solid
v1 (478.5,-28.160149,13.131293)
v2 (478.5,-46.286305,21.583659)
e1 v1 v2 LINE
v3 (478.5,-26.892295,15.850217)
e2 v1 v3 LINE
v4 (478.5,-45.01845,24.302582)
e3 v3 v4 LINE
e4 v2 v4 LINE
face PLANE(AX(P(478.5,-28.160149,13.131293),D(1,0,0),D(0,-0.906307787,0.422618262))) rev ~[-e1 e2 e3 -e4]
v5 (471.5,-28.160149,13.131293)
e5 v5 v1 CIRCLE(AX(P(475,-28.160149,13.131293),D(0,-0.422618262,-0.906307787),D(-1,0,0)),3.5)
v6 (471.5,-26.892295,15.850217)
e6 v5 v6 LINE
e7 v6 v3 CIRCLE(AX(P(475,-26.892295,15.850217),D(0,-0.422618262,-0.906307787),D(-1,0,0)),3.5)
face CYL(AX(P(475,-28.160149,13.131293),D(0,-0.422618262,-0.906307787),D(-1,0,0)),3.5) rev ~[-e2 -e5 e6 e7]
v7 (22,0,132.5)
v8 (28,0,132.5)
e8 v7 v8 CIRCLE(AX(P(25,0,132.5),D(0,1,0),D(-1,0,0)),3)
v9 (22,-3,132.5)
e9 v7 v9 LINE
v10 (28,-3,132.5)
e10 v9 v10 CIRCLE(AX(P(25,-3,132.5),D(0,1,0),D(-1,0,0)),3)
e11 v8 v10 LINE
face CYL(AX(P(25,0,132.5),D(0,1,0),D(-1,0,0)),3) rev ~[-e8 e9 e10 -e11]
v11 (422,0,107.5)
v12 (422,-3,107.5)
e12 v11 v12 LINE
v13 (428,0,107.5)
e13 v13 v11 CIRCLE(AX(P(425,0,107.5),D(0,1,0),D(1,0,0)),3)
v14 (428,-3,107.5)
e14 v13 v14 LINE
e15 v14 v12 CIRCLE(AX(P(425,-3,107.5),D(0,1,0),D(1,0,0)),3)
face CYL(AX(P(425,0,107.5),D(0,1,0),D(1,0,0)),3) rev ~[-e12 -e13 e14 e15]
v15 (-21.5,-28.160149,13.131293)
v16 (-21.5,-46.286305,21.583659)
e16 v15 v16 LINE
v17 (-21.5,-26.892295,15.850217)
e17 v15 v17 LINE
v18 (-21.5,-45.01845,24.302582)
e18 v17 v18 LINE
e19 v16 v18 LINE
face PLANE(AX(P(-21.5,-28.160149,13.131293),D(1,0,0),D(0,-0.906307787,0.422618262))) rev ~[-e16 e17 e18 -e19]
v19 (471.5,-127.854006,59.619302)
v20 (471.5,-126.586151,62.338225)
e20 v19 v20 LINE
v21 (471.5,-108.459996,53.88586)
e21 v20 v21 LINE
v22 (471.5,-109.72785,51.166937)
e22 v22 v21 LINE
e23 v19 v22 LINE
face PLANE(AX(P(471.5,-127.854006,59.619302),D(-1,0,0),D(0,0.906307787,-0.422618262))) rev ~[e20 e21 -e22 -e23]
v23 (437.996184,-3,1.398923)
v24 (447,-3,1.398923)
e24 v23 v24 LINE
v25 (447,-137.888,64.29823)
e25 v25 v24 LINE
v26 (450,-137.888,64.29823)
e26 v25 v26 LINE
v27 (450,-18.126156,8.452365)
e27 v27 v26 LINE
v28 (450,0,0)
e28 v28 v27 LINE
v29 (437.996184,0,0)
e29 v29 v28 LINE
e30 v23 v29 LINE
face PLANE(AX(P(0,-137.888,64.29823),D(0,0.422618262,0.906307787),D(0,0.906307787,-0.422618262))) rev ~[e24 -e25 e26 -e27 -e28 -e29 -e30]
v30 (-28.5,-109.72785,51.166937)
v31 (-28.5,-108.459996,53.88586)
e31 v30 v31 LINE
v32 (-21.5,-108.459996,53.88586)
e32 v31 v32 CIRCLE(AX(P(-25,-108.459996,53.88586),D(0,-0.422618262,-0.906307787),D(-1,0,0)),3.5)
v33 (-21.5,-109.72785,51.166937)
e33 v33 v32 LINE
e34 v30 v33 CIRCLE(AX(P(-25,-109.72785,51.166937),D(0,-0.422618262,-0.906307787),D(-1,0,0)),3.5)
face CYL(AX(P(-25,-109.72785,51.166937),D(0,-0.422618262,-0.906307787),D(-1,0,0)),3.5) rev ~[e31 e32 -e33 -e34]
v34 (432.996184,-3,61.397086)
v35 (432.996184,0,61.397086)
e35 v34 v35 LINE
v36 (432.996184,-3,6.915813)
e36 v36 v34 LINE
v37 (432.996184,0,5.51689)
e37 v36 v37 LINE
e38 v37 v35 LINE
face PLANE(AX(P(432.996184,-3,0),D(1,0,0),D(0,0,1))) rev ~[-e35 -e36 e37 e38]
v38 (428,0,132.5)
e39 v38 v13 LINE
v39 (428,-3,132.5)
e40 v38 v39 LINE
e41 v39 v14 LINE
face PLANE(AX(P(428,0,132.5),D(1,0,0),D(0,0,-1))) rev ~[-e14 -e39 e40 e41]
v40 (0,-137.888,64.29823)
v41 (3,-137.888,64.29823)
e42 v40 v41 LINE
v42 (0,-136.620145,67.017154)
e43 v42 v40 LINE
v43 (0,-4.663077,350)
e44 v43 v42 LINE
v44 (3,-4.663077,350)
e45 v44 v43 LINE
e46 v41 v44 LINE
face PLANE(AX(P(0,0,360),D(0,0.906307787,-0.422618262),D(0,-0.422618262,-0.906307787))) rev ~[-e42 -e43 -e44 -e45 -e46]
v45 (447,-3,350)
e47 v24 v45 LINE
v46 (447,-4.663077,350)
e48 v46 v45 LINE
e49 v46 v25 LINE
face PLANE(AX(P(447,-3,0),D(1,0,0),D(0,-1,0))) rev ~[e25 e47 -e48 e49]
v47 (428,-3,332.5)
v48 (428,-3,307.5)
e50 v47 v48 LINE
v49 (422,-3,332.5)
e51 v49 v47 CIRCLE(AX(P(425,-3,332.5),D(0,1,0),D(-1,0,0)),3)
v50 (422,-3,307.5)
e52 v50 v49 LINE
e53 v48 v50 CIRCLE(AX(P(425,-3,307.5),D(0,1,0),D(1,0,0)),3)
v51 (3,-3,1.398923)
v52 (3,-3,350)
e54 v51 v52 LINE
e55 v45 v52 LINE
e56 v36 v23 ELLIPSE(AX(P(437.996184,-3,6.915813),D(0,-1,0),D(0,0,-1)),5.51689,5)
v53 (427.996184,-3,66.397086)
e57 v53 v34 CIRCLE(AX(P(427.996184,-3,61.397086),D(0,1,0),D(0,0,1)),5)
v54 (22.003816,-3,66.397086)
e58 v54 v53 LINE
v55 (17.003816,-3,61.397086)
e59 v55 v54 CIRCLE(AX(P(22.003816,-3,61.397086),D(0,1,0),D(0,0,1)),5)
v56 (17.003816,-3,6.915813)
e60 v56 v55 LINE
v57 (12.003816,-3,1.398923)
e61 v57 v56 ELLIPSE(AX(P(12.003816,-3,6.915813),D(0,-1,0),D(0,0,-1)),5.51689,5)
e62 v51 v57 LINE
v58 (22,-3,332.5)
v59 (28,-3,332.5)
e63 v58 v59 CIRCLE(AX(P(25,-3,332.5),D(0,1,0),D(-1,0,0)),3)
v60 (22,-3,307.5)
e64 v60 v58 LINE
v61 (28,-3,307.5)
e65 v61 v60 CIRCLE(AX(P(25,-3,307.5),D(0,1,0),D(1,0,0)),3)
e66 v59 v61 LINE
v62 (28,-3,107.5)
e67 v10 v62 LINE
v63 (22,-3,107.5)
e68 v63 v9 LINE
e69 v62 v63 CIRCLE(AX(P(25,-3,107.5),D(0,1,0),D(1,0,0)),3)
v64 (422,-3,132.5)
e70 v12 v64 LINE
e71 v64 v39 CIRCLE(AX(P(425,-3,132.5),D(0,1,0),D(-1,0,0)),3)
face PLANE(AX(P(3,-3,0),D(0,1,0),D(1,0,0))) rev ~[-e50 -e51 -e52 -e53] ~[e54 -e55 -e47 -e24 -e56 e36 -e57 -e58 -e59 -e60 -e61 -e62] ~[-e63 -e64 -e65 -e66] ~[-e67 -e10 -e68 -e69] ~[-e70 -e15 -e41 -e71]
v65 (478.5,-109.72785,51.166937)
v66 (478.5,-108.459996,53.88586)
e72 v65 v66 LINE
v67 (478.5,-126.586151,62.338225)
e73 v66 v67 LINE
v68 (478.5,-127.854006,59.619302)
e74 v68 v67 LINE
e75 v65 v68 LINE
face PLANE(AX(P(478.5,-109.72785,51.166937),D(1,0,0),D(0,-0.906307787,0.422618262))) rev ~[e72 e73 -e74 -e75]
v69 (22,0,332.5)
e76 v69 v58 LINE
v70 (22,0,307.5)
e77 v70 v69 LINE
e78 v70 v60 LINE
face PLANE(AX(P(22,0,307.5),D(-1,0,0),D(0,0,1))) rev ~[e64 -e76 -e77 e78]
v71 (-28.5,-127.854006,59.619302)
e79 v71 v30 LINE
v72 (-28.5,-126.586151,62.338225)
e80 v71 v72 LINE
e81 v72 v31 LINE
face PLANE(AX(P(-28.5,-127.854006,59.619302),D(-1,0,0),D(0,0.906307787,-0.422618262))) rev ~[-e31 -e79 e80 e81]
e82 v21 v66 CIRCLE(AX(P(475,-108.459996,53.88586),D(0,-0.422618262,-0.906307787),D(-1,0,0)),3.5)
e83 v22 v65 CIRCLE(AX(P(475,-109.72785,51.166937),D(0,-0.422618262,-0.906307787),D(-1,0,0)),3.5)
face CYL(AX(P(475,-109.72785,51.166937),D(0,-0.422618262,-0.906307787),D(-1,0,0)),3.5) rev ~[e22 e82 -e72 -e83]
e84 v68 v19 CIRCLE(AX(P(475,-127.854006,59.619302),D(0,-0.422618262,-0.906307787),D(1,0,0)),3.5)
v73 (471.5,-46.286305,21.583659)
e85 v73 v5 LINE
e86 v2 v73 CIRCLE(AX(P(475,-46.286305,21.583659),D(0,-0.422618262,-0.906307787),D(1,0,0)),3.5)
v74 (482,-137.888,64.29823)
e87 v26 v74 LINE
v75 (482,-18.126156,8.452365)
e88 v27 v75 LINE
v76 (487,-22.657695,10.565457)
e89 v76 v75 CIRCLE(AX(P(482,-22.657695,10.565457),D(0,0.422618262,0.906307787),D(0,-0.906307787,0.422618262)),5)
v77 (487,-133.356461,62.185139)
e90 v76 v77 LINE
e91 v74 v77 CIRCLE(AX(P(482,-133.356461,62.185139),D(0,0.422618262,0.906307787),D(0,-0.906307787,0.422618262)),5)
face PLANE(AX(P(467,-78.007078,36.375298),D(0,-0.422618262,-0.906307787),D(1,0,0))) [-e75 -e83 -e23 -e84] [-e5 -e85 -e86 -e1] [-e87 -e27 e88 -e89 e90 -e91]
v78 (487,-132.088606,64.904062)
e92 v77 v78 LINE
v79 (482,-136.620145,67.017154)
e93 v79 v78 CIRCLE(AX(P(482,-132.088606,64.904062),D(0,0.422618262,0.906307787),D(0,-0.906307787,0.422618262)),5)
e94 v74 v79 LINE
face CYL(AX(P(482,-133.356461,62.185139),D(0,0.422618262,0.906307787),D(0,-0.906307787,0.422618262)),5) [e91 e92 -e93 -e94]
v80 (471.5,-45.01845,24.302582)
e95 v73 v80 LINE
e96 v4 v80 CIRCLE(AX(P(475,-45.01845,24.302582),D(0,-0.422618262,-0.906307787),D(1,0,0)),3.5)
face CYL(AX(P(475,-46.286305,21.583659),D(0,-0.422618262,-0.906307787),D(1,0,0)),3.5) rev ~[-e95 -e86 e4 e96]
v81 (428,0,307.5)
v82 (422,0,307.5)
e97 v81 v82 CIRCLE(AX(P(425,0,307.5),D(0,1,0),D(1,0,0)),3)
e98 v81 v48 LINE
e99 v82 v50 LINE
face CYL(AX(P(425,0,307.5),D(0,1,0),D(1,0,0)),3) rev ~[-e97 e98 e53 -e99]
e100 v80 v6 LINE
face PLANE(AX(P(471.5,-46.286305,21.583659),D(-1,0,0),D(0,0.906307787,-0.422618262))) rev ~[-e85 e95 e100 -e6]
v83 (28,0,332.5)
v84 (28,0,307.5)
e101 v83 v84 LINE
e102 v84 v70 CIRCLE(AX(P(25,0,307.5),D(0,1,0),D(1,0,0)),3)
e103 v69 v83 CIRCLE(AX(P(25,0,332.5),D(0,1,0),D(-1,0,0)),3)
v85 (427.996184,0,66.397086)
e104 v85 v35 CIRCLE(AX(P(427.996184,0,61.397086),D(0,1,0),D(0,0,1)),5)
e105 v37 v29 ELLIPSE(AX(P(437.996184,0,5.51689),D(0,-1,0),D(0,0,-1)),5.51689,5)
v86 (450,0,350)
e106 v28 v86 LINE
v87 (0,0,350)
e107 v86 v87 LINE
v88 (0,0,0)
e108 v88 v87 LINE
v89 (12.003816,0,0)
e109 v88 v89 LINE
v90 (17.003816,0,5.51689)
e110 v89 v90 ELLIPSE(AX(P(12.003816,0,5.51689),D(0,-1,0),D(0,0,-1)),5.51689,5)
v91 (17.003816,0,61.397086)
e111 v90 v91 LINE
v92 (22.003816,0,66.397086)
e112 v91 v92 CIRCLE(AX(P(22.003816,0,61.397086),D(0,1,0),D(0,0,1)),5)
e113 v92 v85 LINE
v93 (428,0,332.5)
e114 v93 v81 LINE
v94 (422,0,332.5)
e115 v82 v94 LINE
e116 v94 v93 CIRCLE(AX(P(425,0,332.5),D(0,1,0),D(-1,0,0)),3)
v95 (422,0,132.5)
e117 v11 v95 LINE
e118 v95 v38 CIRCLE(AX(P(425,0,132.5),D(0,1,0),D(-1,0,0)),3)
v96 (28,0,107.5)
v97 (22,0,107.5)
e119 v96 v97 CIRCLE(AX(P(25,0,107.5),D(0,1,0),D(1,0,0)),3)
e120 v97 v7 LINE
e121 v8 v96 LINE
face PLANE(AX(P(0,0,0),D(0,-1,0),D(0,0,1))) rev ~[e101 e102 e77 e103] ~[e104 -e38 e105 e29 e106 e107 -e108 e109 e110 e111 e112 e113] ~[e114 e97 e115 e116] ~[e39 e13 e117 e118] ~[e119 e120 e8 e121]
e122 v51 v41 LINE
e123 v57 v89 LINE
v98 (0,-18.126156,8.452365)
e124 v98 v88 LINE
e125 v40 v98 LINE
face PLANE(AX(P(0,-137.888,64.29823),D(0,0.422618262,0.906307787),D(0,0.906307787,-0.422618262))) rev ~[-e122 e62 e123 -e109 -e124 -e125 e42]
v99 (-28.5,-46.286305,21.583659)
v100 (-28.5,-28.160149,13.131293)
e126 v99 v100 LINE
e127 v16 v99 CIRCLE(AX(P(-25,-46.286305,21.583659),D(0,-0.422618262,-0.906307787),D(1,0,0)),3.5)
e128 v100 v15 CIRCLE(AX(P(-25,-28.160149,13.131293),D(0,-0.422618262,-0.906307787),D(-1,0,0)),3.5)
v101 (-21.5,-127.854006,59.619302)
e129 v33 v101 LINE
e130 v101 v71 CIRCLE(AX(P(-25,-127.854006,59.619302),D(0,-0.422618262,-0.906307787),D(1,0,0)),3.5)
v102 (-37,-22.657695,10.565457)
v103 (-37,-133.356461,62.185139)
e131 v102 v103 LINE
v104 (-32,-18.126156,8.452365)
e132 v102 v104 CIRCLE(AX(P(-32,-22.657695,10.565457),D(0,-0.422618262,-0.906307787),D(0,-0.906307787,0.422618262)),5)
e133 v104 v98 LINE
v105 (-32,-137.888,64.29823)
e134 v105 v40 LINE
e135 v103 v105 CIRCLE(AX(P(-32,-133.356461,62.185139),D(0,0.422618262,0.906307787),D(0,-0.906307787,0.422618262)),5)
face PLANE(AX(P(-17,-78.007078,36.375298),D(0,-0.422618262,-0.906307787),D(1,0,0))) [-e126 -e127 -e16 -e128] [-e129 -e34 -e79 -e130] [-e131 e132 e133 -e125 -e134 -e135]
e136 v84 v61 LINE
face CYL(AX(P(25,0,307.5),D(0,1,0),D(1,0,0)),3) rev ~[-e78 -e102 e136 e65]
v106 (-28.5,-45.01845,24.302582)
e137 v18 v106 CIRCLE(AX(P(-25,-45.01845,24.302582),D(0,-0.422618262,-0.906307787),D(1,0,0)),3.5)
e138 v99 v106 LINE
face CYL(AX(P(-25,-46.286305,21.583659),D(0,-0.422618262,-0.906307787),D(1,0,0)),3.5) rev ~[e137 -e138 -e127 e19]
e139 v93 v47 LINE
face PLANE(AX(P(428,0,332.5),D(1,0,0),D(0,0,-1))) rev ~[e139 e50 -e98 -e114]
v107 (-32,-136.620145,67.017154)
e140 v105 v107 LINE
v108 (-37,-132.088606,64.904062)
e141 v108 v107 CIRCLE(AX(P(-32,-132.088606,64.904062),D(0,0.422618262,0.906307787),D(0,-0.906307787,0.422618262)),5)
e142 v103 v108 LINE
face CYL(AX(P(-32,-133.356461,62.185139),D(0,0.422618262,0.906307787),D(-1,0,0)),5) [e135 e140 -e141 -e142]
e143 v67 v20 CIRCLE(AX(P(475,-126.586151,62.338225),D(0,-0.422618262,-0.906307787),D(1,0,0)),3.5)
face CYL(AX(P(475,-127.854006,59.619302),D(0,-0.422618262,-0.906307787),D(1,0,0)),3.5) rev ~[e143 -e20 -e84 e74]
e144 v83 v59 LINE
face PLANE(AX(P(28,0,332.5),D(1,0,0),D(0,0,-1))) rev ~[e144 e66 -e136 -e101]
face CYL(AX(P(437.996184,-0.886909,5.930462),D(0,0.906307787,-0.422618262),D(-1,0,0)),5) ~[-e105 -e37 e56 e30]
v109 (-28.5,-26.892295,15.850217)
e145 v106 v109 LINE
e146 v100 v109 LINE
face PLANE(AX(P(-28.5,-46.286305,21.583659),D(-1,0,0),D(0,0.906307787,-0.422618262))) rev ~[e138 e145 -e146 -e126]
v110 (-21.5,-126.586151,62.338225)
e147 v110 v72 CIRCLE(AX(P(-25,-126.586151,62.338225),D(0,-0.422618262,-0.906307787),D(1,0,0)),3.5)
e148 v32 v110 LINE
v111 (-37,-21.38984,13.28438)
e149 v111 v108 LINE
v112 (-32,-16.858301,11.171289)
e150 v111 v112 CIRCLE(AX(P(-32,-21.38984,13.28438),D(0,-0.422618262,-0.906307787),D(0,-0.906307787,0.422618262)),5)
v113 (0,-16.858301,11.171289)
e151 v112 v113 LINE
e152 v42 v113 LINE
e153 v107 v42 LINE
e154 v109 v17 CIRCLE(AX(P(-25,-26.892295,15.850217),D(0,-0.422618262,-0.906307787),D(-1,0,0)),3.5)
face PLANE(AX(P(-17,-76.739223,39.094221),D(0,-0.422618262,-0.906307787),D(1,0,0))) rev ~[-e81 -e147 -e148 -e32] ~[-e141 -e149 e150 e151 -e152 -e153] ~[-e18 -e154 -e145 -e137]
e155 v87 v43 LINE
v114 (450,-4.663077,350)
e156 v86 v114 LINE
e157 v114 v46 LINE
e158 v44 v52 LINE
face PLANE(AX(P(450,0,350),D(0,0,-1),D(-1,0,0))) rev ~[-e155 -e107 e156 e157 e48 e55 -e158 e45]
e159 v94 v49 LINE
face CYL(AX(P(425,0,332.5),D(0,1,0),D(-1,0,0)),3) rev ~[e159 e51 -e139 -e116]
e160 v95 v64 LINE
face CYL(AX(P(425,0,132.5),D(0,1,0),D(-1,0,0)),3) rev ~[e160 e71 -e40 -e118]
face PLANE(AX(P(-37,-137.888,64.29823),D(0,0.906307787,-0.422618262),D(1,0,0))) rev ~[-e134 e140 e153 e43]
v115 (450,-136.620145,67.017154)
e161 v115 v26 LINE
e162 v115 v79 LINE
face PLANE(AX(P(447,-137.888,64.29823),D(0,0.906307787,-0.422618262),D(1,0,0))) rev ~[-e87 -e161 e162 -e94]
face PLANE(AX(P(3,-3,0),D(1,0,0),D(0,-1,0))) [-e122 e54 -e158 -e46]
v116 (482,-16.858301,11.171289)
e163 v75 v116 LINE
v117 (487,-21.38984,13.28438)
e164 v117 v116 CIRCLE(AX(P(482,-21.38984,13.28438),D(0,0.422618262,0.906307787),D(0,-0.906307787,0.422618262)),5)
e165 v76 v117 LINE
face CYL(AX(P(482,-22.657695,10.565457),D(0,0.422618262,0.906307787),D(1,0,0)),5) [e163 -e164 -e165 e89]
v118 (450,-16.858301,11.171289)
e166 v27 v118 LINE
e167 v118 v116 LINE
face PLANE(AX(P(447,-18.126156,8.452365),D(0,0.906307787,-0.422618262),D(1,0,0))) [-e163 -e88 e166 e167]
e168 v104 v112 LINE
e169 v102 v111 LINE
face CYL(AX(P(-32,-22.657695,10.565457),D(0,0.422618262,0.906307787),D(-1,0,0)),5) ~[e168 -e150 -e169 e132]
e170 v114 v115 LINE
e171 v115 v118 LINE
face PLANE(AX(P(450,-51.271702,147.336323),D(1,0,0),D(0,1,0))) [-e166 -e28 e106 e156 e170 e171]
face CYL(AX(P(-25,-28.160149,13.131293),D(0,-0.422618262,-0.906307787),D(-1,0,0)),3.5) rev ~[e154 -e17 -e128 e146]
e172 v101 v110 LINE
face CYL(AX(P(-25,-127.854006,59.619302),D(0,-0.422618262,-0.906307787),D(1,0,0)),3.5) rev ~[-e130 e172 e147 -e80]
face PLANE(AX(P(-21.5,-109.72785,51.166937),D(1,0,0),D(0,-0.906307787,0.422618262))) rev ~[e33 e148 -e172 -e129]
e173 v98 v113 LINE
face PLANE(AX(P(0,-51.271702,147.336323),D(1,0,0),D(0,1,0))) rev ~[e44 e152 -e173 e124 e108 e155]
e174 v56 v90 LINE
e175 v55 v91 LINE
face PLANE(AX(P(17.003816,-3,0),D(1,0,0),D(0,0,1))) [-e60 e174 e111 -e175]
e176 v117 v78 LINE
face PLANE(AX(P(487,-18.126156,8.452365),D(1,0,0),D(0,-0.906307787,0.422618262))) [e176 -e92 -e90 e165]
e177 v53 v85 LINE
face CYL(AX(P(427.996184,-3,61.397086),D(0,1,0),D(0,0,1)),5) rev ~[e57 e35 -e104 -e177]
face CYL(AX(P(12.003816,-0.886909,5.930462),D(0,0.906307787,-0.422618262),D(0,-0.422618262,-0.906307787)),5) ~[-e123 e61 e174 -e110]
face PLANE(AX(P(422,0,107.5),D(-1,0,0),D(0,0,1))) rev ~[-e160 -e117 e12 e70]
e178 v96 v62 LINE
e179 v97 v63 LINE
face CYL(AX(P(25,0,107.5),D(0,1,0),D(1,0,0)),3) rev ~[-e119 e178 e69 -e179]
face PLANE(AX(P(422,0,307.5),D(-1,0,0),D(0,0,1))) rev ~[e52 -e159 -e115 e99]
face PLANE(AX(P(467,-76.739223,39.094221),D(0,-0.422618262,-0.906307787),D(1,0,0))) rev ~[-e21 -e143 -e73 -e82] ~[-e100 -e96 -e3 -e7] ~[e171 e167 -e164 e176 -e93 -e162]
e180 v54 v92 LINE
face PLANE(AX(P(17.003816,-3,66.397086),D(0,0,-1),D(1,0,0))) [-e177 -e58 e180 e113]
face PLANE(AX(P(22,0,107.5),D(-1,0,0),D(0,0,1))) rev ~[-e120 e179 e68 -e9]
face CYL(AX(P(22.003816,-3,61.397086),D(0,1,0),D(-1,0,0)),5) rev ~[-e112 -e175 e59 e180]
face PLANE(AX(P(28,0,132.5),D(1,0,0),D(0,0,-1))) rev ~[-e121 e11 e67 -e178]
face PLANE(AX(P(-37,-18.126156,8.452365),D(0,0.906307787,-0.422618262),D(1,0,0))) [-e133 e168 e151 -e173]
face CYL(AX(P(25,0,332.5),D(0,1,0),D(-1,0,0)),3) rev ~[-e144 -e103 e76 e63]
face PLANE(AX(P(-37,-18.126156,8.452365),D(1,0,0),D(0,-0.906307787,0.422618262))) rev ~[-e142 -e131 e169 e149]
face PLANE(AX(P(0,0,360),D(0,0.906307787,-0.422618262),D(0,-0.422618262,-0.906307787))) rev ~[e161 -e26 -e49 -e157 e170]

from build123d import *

# Parameters (mm, degrees)
F1_DEPTH  = 450
F2_W      = 444
F2_H      = 164.8707569358
F3_DEPTH  = 360.001
F5_DEPTH  = 450.001
F6_W      = 40
F6_H      = 132.1425742267
F7_DEPTH  = 3
F8_R      = 5
F9_R      = 5
F10_R     = 5
F11_R     = 5
F13_DEPTH = 326.2718033332
F15_DEPTH = 25
F16_W     = 415.9923672676
F16_H     = 66.3970857859
F17_DEPTH = 25
F18_W     = 450
F18_H     = 10
F19_DEPTH = 137.8889997614
F20_R     = 5
F21_R     = 5
F22_R     = 5


with BuildPart() as f1:
    # F0 (on Right) → F1 (new body)
    with BuildSketch(Plane.YZ):
        Polygon((0, 0), (0, 360), (-167.8707569358, 0), align=None)
    extrude(amount=F1_DEPTH)

    # F2 (on face) → F3 (cut, through all)
    with BuildSketch(Plane(origin=(0, 0, 0), x_dir=(1, 0, 0), z_dir=(0, 0, -1))):
        with Locations((225, 85.4353784679)):
            Rectangle(F2_W, F2_H)
    extrude(amount=-F3_DEPTH, mode=Mode.SUBTRACT)

    # F4 (on face) → F5 (cut, through all)
    with BuildSketch(Plane(origin=(0, 0, 0), x_dir=(0, -1, 0), z_dir=(-1, 0, 0))):
        Polygon((167.8707569358, 0), (137.8879997614, 64.2982302564), (0, 0), align=None)
    extrude(amount=-F5_DEPTH, mode=Mode.SUBTRACT)

    # F6 (on face) → F7 (join)
    with BuildSketch(Plane(origin=(0, 0, 0), x_dir=(1, 0, 0), z_dir=(0, -0.4226182617, -0.906307787))):
        with Locations((-17, 86.0712871133)):
            Rectangle(F6_W, F6_H)
        with Locations((467, 86.0712871133)):
            Rectangle(F6_W, F6_H)
    extrude(amount=-F7_DEPTH)

    # F8
    f8_edges = [f1.edges().sort_by_distance(p)[0] for p in [
        (-37, -137.254072, 65.657692),
    ]]
    fillet(f8_edges, radius=F8_R)

    # F9
    f9_edges = [f1.edges().sort_by_distance(p)[0] for p in [
        (487, -137.254072, 65.657692),
    ]]
    fillet(f9_edges, radius=F9_R)

    # F10
    f10_edges = [f1.edges().sort_by_distance(p)[0] for p in [
        (487, -17.492228, 9.811827),
    ]]
    fillet(f10_edges, radius=F10_R)

    # F11
    f11_edges = [f1.edges().sort_by_distance(p)[0] for p in [
        (-37, -17.492228, 9.811827),
    ]]
    fillet(f11_edges, radius=F11_R)

    # F12 (on face) → F13 (cut, through all)
    with BuildSketch(Plane(origin=(0, 0, 0), x_dir=(1, 0, 0), z_dir=(0, -0.4226182617, -0.906307787))):
        with BuildLine():
            ThreePointArc((-28.5, 121.0712871133), (-25, 117.5712871133), (-21.5, 121.0712871133))
            Line((-21.5, 121.0712871133), (-21.5, 141.0712871133))
            ThreePointArc((-21.5, 141.0712871133), (-25, 144.5712871133), (-28.5, 141.0712871133))
            Line((-28.5, 141.0712871133), (-28.5, 121.0712871133))
        make_face()
        with BuildLine():
            ThreePointArc((-21.5, 51.0712871133), (-25, 54.5712871133), (-28.5, 51.0712871133))
            Line((-28.5, 51.0712871133), (-28.5, 31.0712871133))
            ThreePointArc((-28.5, 31.0712871133), (-25, 27.5712871133), (-21.5, 31.0712871133))
            Line((-21.5, 31.0712871133), (-21.5, 51.0712871133))
        make_face()
        with BuildLine():
            ThreePointArc((471.5, 121.0712871133), (475, 117.5712871133), (478.5, 121.0712871133))
            Line((478.5, 121.0712871133), (478.5, 141.0712871133))
            ThreePointArc((478.5, 141.0712871133), (475, 144.5712871133), (471.5, 141.0712871133))
            Line((471.5, 141.0712871133), (471.5, 121.0712871133))
        make_face()
        with BuildLine():
            Line((478.5, 31.0712871133), (478.5, 51.0712871133))
            ThreePointArc((478.5, 51.0712871133), (475, 54.5712871133), (471.5, 51.0712871133))
            Line((471.5, 51.0712871133), (471.5, 31.0712871133))
            ThreePointArc((471.5, 31.0712871133), (475, 27.5712871133), (478.5, 31.0712871133))
        make_face()
    extrude(amount=-F13_DEPTH, mode=Mode.SUBTRACT)

    # F14 (on face) → F15 (cut)
    with BuildSketch(Plane(origin=(0, 0, 0), x_dir=(-1, 0, 0), z_dir=(0, 1, 0))):
        with BuildLine():
            ThreePointArc((-428, 307.5), (-425, 304.5), (-422, 307.5))
            Line((-422, 307.5), (-422, 332.5))
            ThreePointArc((-422, 332.5), (-425, 335.5), (-428, 332.5))
            Line((-428, 332.5), (-428, 307.5))
        make_face()
        with BuildLine():
            Line((-28, 332.5), (-28, 307.5))
            ThreePointArc((-28, 307.5), (-25, 304.5), (-22, 307.5))
            Line((-22, 307.5), (-22, 332.5))
            ThreePointArc((-22, 332.5), (-25, 335.5), (-28, 332.5))
        make_face()
        with BuildLine():
            ThreePointArc((-422, 132.5), (-425, 135.5), (-428, 132.5))
            Line((-428, 132.5), (-428, 107.5))
            ThreePointArc((-428, 107.5), (-425, 104.5), (-422, 107.5))
            Line((-422, 107.5), (-422, 132.5))
        make_face()
        with BuildLine():
            ThreePointArc((-22, 132.5), (-25, 135.5), (-28, 132.5))
            Line((-28, 132.5), (-28, 107.5))
            ThreePointArc((-28, 107.5), (-25, 104.5), (-22, 107.5))
            Line((-22, 107.5), (-22, 132.5))
        make_face()
    extrude(amount=-F15_DEPTH, mode=Mode.SUBTRACT)

    # F16 (on face) → F17 (cut)
    with BuildSketch(Plane.XZ.offset(3)):
        with Locations((225, 33.1985428929)):
            Rectangle(F16_W, F16_H)
    extrude(amount=-F17_DEPTH, mode=Mode.SUBTRACT)

    # F18 (on face) → F19 (cut, through all)
    with BuildSketch(Plane(origin=(0, 0, 0), x_dir=(-1, 0, 0), z_dir=(0, 1, 0))):
        with Locations((-225, 355)):
            Rectangle(F18_W, F18_H)
    extrude(amount=-F19_DEPTH, mode=Mode.SUBTRACT)

    # F20
    f20_edges = [f1.edges().sort_by_distance(p)[0] for p in [
        (17.003816, -1.5, 0.699461),
    ]]
    fillet(f20_edges, radius=F20_R)

    # F21
    f21_edges = [f1.edges().sort_by_distance(p)[0] for p in [
        (17.003816, -1.5, 66.397086),
    ]]
    fillet(f21_edges, radius=F21_R)

    # F22
    f22_edges = [f1.edges().sort_by_distance(p)[0] for p in [
        (432.996184, -1.5, 66.397086),
        (432.996184, -1.5, 0.699461),
    ]]
    fillet(f22_edges, radius=F22_R)


solid = f1.part
